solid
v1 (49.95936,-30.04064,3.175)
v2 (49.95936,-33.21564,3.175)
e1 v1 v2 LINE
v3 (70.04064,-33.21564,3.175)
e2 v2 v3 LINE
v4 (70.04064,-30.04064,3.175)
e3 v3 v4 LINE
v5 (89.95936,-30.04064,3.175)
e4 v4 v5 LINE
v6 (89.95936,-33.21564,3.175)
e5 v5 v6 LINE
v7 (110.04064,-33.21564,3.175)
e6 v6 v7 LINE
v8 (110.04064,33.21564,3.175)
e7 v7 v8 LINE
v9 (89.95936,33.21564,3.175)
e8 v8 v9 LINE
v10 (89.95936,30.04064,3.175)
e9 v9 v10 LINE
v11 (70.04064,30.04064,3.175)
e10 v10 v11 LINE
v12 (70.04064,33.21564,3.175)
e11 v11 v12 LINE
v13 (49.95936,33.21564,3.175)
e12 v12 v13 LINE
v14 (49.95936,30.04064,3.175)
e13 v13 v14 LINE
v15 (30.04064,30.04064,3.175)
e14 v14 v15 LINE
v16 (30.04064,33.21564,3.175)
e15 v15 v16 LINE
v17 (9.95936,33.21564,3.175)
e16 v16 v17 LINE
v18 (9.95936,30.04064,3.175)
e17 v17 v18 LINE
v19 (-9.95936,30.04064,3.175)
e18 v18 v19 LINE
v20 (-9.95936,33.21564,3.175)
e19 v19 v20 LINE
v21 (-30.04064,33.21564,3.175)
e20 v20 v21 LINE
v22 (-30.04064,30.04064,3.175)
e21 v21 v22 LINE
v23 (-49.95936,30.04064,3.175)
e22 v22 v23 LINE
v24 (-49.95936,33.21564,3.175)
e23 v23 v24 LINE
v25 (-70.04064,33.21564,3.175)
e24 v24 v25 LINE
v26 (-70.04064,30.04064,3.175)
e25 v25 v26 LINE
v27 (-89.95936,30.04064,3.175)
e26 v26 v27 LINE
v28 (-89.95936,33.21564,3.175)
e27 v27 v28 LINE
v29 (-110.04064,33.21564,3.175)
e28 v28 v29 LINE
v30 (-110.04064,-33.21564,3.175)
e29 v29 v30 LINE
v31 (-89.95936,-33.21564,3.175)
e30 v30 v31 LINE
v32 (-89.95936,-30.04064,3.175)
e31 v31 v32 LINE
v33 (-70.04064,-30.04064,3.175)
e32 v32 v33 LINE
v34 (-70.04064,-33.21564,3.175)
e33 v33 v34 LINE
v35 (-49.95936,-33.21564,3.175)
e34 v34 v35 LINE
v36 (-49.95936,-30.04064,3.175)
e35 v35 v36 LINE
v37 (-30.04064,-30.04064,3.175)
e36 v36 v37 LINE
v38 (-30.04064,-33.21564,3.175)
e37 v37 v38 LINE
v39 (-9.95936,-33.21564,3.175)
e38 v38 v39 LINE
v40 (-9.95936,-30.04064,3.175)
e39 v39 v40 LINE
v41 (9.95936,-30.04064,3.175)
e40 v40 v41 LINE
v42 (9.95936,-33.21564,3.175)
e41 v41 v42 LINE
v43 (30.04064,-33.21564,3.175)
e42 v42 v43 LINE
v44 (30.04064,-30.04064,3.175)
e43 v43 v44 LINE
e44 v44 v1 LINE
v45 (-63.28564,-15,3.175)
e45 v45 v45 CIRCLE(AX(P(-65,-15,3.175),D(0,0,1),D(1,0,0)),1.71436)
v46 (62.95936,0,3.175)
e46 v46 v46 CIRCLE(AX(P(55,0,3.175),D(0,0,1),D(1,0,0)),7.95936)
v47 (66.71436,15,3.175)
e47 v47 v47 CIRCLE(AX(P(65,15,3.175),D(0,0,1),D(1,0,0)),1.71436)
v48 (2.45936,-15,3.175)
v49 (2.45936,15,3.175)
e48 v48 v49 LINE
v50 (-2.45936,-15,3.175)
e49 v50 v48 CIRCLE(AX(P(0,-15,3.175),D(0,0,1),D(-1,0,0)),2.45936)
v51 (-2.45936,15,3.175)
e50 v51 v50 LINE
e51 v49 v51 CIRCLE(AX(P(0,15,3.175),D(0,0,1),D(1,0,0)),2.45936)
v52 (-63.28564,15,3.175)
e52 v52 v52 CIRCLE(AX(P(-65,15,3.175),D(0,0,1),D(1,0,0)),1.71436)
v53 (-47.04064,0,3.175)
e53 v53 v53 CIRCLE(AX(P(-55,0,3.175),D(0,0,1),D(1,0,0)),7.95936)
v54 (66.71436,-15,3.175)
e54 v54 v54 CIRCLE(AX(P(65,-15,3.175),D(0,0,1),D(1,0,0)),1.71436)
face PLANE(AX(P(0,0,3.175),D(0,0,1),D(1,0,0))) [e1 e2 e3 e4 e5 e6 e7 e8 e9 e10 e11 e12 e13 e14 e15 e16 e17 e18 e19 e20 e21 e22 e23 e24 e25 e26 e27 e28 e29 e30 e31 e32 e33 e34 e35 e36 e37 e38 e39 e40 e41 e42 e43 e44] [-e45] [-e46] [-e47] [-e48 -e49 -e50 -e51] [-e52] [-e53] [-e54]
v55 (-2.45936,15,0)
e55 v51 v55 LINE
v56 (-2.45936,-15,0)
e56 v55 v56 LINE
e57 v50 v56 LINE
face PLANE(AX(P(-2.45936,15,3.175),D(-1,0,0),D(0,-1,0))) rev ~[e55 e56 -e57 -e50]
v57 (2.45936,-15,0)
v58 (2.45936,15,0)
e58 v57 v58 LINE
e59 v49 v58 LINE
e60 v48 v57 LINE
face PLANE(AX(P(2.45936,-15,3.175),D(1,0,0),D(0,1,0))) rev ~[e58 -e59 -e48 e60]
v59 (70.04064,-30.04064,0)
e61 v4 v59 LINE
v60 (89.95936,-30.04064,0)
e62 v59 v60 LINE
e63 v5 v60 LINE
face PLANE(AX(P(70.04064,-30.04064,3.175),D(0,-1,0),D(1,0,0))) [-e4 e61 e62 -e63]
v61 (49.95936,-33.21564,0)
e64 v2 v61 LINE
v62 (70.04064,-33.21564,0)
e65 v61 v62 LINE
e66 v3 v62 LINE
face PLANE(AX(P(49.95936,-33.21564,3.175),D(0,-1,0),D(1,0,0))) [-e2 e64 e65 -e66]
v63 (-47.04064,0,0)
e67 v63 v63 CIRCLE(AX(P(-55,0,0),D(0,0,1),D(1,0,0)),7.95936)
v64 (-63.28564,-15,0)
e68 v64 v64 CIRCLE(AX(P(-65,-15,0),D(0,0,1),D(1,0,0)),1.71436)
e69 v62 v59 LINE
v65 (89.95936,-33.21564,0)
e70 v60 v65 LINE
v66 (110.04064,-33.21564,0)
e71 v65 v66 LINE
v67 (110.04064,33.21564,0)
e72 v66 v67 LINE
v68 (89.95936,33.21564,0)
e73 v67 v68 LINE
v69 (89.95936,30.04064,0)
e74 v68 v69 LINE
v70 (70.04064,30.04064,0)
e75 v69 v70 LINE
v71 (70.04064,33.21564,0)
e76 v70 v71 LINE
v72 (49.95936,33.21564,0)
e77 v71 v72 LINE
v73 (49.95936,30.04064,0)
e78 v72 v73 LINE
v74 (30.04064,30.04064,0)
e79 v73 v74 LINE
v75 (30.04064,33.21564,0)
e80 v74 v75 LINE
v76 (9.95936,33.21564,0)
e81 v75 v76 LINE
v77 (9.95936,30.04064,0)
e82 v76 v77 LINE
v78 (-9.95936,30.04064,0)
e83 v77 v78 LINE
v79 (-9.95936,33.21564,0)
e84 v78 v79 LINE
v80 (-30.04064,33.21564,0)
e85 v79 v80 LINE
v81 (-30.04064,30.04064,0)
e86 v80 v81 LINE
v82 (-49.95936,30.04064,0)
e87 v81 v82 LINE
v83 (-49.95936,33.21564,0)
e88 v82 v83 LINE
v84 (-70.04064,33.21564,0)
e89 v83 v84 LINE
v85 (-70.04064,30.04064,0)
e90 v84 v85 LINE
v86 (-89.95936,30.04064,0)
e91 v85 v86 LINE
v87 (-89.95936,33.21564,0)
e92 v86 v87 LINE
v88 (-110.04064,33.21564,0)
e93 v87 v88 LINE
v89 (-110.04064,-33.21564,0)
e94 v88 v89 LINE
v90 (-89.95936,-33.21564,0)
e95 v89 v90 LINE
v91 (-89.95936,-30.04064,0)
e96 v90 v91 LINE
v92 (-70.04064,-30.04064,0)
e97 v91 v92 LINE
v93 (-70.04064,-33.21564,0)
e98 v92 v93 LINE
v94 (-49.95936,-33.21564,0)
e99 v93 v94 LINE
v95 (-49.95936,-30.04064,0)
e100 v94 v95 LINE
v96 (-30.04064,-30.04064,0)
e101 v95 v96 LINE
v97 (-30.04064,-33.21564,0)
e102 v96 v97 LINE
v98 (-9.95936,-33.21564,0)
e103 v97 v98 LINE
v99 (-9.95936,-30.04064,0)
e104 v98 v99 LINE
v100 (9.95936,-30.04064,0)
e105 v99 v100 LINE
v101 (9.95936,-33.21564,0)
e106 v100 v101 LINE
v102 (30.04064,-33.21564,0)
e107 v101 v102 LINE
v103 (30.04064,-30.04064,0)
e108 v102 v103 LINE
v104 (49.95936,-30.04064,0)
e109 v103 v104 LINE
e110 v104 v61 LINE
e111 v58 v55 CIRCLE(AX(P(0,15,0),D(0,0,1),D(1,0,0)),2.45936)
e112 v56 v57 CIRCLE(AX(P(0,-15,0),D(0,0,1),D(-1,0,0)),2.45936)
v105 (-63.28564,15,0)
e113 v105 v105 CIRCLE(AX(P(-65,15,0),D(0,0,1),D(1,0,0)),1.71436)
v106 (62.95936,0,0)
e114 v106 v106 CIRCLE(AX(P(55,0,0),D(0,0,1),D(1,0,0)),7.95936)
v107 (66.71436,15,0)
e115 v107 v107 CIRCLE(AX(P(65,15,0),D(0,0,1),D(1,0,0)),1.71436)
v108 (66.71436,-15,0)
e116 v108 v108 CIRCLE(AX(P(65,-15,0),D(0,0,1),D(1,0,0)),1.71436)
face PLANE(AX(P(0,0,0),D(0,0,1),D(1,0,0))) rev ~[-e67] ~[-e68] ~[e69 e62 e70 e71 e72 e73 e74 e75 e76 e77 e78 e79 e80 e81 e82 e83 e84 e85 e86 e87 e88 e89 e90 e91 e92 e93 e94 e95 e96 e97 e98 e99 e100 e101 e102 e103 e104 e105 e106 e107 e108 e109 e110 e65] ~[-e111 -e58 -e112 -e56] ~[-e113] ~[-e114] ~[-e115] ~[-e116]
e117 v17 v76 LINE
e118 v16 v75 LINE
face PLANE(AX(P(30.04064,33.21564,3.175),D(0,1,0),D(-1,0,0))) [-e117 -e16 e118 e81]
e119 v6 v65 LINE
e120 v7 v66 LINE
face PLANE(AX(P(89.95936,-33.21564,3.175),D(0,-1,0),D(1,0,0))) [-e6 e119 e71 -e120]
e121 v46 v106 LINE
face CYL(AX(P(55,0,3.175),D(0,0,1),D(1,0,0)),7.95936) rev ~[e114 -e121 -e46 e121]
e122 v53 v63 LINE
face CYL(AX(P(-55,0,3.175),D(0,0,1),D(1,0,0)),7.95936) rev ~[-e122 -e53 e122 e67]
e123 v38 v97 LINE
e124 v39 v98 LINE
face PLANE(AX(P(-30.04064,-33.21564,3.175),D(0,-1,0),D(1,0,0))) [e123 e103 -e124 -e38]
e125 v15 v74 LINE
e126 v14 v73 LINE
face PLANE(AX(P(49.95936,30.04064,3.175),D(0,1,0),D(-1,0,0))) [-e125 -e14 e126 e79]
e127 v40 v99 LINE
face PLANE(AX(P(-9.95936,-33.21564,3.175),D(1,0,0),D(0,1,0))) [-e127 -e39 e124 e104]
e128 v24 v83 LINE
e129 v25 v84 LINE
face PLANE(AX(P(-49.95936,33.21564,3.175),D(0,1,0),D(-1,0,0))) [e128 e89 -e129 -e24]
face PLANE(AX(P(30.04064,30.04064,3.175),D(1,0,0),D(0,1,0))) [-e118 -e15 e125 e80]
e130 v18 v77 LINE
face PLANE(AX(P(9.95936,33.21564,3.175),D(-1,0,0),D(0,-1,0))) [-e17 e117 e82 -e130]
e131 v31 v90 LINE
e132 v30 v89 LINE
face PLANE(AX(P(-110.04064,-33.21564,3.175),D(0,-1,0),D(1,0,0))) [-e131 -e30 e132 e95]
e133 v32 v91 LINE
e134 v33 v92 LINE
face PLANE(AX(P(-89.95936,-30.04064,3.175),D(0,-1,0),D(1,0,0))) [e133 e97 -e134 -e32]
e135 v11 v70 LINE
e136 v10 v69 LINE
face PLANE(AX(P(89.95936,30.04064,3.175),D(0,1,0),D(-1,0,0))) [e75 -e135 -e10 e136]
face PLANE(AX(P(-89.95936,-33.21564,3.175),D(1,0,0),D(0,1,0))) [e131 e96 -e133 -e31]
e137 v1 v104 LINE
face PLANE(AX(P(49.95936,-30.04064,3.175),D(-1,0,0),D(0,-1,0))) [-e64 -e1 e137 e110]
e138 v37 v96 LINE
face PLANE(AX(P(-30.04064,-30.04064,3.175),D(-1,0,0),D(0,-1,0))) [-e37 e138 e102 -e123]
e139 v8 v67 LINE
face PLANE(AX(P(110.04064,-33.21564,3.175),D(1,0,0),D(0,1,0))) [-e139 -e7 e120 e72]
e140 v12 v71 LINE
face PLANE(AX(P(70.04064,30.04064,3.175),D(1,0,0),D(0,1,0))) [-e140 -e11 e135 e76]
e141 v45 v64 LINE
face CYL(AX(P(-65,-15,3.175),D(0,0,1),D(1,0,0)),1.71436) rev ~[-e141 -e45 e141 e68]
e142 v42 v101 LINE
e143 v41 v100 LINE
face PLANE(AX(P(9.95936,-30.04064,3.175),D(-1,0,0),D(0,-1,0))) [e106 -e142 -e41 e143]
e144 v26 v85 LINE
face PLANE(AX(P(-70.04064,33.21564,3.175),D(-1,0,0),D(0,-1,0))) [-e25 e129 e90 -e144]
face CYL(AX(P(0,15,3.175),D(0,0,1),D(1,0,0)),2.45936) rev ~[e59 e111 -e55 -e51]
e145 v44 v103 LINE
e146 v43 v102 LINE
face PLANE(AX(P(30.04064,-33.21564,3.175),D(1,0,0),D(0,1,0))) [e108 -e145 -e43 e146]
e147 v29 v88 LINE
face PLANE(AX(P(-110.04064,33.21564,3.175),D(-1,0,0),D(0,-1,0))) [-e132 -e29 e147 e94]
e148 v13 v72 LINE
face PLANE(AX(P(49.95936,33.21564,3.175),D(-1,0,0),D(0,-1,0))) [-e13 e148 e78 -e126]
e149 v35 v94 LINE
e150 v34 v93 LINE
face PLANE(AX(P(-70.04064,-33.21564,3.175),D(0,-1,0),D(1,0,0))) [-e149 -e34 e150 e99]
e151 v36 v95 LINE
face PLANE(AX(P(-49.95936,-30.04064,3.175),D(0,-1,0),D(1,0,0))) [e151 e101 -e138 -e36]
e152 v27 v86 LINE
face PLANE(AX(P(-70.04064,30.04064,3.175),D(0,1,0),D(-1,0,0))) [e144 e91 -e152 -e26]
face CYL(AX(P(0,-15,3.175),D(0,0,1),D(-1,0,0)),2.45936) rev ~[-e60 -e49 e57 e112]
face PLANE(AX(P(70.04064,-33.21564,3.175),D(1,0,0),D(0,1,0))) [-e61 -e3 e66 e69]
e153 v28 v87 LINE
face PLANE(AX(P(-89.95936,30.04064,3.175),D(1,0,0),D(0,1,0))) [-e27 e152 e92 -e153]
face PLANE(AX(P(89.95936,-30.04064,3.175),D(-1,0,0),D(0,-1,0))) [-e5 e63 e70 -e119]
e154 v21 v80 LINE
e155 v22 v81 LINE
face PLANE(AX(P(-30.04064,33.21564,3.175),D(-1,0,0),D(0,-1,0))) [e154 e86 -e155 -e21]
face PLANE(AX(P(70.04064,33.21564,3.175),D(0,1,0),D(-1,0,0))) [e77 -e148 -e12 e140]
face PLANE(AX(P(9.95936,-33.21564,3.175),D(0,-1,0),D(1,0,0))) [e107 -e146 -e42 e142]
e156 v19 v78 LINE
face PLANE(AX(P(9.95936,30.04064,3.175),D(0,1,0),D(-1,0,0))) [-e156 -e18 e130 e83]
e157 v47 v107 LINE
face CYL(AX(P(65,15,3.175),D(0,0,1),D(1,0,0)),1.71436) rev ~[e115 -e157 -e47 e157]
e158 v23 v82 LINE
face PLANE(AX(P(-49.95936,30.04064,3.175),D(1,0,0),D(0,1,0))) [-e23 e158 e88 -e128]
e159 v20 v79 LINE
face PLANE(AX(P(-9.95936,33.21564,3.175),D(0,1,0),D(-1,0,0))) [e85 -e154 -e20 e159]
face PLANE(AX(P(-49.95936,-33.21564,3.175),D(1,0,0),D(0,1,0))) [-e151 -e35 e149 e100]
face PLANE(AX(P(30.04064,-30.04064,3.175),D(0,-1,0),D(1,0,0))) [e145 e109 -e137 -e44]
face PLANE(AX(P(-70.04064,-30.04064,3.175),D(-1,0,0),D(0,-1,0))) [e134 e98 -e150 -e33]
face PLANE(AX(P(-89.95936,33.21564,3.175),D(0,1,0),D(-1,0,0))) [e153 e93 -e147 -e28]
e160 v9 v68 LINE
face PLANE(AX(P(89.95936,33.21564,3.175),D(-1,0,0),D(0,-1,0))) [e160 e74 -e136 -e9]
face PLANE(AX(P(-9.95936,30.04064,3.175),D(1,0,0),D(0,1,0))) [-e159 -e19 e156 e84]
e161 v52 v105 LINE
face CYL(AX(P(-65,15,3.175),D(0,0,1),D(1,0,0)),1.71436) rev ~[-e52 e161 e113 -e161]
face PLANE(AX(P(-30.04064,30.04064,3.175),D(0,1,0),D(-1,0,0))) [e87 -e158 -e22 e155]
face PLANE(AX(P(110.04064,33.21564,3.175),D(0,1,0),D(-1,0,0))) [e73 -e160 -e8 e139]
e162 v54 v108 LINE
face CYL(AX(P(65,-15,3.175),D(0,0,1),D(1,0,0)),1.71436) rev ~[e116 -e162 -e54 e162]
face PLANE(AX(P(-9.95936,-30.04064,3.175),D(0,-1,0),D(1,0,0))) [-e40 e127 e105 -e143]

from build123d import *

# Parameters (mm, degrees)
SKETCH1_R           = 1.755
SKETCH1_R_2         = 8
BOSS_EXTRUDE1_DEPTH = 3.175
SKETCH2_R           = 7.95936
SKETCH2_R_2         = 1.71436
BOSS_EXTRUDE2_DEPTH = 3.175


with BuildPart() as part:
    # Sketch1 → Boss-Extrude1 (new body)
    with BuildSketch(Plane.XY):
        Polygon((-50, 30), (-50, 33.175), (-70, 33.175), (-70, 30), (-90, 30), (-90, 33.175), (-110, 33.175), (-110, -33.175), (-90, -33.175), (-90, -30), (-70, -30), (-70, -33.175), (-50, -33.175), (-50, -30), (-30, -30), (-30, -33.175), (-10, -33.175), (-10, -30), (10, -30), (10, -33.175), (30, -33.175), (30, -30), (50, -30), (50, -33.175), (70, -33.175), (70, -30), (90, -30), (90, -33.175), (110, -33.175), (110, 33.175), (90, 33.175), (90, 30), (70, 30), (70, 33.175), (50, 33.175), (50, 30), (30, 30), (30, 33.175), (10, 33.175), (10, 30), (-10, 30), (-10, 33.175), (-30, 33.175), (-30, 30), align=None)
        with Locations((-65, -15)):
            Circle(SKETCH1_R, mode=Mode.SUBTRACT)
        with Locations((65, -15)):
            Circle(SKETCH1_R, mode=Mode.SUBTRACT)
        with Locations((-65, 15)):
            Circle(SKETCH1_R, mode=Mode.SUBTRACT)
        with Locations((-55, 0)):
            Circle(SKETCH1_R_2, mode=Mode.SUBTRACT)
        with BuildLine():
            ThreePointArc((2.5, -15), (0, -17.5), (-2.5, -15))
            Line((-2.5, -15), (-2.5, 15))
            ThreePointArc((-2.5, 15), (0, 17.5), (2.5, 15))
            Line((2.5, 15), (2.5, -15))
        make_face(mode=Mode.SUBTRACT)
        with Locations((55, 0)):
            Circle(SKETCH1_R_2, mode=Mode.SUBTRACT)
        with Locations((65, 15)):
            Circle(SKETCH1_R, mode=Mode.SUBTRACT)
    extrude(amount=BOSS_EXTRUDE1_DEPTH)

    # Sketch2 → Boss-Extrude2 (add)
    with BuildSketch(Plane.XY.offset(3.175)):
        Polygon((110.04064, -33.21564), (110.04064, 33.21564), (89.95936, 33.21564), (89.95936, 30.04064), (70.04064, 30.04064), (70.04064, 33.21564), (49.95936, 33.21564), (49.95936, 30.04064), (30.04064, 30.04064), (30.04064, 33.21564), (9.95936, 33.21564), (9.95936, 30.04064), (-9.95936, 30.04064), (-9.95936, 33.21564), (-30.04064, 33.21564), (-30.04064, 30.04064), (-49.95936, 30.04064), (-49.95936, 33.21564), (-70.04064, 33.21564), (-70.04064, 30.04064), (-89.95936, 30.04064), (-89.95936, 33.21564), (-110.04064, 33.21564), (-110.04064, -33.21564), (-89.95936, -33.21564), (-89.95936, -30.04064), (-70.04064, -30.04064), (-70.04064, -33.21564), (-49.95936, -33.21564), (-49.95936, -30.04064), (-30.04064, -30.04064), (-30.04064, -33.21564), (-9.95936, -33.21564), (-9.95936, -30.04064), (9.95936, -30.04064), (9.95936, -33.21564), (30.04064, -33.21564), (30.04064, -30.04064), (49.95936, -30.04064), (49.95936, -33.21564), (70.04064, -33.21564), (70.04064, -30.04064), (89.95936, -30.04064), (89.95936, -33.21564), align=None)
        with Locations((-55, 0)):
            Circle(SKETCH2_R, mode=Mode.SUBTRACT)
        with Locations((-65, 15)):
            Circle(SKETCH2_R_2, mode=Mode.SUBTRACT)
        with Locations((-65, -15)):
            Circle(SKETCH2_R_2, mode=Mode.SUBTRACT)
        with Locations((55, 0)):
            Circle(SKETCH2_R, mode=Mode.SUBTRACT)
        with Locations((65, 15)):
            Circle(SKETCH2_R_2, mode=Mode.SUBTRACT)
        with Locations((65, -15)):
            Circle(SKETCH2_R_2, mode=Mode.SUBTRACT)
        with BuildLine():
            Line((2.45936, -15), (2.45936, 15))
            ThreePointArc((2.45936, 15), (0, 17.45936), (-2.45936, 15))
            Line((-2.45936, 15), (-2.45936, -15))
            ThreePointArc((-2.45936, -15), (0, -17.45936), (2.45936, -15))
        make_face(mode=Mode.SUBTRACT)
    extrude(amount=-BOSS_EXTRUDE2_DEPTH)


solid = part.part
